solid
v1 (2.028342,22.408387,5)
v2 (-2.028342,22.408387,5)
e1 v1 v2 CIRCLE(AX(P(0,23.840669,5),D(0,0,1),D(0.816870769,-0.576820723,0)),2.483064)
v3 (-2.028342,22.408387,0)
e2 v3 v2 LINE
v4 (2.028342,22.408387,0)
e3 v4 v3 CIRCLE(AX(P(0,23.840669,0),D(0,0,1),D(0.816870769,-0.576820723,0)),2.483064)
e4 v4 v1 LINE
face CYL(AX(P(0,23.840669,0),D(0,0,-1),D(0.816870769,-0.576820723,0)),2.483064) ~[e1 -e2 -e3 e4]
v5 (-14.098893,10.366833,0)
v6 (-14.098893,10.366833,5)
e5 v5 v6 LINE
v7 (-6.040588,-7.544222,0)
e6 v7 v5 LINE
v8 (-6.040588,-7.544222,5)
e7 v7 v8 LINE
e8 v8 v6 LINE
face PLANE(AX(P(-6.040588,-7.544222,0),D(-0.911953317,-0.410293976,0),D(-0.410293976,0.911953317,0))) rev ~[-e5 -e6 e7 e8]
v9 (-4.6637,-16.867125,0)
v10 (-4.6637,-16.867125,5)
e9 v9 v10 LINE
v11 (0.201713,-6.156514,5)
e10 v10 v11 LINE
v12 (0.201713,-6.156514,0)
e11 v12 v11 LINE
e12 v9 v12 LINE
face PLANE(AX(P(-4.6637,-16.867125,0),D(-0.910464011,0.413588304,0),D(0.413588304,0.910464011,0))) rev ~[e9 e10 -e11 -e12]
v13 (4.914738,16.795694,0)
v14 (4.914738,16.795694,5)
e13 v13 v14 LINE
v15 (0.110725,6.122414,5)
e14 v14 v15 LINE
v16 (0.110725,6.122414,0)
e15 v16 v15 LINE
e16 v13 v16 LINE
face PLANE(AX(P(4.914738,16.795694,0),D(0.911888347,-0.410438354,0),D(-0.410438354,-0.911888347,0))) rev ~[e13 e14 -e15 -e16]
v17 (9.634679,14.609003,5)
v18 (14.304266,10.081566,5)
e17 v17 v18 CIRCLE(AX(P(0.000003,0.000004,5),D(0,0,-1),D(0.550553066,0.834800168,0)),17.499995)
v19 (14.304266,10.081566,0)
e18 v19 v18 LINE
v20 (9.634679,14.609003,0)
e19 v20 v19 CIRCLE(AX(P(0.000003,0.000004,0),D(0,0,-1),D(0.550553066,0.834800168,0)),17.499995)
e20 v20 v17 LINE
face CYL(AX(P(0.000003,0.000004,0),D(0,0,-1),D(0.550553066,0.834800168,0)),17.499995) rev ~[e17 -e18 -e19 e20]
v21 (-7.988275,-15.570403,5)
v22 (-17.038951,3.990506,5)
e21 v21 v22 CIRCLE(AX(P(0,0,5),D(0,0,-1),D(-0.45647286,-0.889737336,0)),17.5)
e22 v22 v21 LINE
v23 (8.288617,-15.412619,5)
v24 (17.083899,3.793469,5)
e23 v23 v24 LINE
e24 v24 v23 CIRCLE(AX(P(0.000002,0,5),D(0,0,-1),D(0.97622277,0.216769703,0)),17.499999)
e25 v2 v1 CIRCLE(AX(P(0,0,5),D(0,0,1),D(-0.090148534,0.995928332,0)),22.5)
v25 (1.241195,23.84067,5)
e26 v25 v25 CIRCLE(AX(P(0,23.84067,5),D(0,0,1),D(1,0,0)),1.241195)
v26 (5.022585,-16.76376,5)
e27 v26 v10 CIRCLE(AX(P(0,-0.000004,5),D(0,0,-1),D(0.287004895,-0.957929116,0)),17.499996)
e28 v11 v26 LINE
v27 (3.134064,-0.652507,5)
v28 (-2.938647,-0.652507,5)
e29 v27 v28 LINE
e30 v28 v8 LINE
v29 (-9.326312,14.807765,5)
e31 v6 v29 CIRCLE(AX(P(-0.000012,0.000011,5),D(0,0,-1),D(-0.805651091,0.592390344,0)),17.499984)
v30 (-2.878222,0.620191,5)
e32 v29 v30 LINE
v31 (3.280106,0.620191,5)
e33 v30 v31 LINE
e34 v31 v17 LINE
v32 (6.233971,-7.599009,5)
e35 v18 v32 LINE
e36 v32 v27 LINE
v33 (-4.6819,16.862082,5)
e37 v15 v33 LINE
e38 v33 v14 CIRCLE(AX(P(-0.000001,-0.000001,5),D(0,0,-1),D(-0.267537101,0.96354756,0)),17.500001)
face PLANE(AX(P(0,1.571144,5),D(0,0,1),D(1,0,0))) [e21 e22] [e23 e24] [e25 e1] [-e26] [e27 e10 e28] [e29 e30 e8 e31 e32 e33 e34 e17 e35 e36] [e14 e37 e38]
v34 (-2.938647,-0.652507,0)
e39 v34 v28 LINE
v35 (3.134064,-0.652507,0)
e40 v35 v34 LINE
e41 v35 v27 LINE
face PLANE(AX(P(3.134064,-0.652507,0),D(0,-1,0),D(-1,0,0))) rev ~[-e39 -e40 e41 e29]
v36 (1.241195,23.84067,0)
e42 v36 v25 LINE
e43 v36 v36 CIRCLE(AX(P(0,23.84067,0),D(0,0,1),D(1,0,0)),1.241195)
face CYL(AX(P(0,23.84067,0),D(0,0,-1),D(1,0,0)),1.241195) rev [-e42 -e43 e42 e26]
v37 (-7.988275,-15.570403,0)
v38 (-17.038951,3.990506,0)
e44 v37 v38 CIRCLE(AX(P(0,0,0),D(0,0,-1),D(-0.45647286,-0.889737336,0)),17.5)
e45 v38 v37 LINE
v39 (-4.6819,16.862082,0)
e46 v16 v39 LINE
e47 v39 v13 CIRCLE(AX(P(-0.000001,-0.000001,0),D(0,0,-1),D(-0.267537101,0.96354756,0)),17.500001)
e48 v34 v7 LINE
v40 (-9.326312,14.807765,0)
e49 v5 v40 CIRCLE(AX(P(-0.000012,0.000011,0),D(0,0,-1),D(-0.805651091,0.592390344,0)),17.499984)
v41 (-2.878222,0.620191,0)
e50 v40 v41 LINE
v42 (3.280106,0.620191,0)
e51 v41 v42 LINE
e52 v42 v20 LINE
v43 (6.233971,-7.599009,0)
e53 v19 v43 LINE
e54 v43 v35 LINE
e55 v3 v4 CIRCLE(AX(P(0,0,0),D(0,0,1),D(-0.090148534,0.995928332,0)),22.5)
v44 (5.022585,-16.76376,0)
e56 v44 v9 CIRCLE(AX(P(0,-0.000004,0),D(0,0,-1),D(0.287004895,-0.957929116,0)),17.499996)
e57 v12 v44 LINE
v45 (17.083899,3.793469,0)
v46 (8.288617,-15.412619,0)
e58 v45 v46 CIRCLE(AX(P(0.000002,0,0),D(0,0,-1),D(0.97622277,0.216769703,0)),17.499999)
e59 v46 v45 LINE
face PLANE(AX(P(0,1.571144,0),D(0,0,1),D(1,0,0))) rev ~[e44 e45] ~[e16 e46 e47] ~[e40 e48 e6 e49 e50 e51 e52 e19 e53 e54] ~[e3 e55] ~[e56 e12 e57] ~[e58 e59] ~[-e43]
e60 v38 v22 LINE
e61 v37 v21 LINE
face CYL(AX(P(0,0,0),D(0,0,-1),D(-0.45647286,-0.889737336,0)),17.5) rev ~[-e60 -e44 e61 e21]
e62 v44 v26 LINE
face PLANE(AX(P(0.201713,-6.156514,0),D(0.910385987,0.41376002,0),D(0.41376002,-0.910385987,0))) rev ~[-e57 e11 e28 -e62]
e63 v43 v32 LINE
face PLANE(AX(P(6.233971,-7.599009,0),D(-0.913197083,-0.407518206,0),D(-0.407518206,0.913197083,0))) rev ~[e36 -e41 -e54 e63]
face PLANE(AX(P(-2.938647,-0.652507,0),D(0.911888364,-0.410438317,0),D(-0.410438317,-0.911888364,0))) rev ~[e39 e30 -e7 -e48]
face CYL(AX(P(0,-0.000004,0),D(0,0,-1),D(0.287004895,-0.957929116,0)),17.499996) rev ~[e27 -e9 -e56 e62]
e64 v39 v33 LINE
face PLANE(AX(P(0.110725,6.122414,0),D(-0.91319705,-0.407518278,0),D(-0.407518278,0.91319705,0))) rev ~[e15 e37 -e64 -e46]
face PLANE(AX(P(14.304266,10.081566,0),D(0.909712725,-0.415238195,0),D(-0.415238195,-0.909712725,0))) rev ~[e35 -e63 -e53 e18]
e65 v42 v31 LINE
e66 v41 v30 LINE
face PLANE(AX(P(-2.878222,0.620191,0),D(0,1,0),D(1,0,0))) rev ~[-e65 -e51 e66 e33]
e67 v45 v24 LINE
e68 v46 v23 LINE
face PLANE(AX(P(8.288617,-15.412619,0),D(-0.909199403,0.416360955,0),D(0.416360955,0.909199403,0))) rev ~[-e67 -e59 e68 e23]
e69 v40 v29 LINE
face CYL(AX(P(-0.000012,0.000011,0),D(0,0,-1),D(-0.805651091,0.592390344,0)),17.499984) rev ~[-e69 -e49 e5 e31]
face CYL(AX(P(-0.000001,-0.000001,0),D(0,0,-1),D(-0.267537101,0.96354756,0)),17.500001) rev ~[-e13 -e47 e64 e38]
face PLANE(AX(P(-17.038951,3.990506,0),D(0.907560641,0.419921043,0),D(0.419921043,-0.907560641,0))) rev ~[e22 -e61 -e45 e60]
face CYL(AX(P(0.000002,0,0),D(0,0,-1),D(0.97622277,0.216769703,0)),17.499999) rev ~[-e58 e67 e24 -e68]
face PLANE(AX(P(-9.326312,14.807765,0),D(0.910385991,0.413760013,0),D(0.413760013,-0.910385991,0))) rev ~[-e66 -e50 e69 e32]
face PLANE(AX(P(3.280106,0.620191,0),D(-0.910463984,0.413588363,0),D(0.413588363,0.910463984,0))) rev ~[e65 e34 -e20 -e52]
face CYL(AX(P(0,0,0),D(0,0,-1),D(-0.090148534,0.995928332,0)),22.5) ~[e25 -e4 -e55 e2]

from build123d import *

# Parameters (mm, degrees)
F0_R     = 1.241195
F1_DEPTH = 5


with BuildPart() as f1:
    # F0 (on Top) → F1 (new body)
    with BuildSketch(Plane.XY):
        with BuildLine():
            ThreePointArc((2.028342, 22.408387), (0, 26.323733), (-2.028342, 22.408387))
            ThreePointArc((-2.028342, 22.408387), (0, -22.5), (2.028342, 22.408387))
        make_face()
        with BuildLine():
            ThreePointArc((-7.988275, -15.570403), (-15.882311, -7.348618), (-17.038951, 3.990506))
            Line((-17.038951, 3.990506), (-7.988275, -15.570403))
        make_face(mode=Mode.SUBTRACT)
        with BuildLine():
            ThreePointArc((5.022585, -16.76376), (0.186737, -17.499004), (-4.6637, -16.867125))
            Line((-4.6637, -16.867125), (0.201713, -6.156514))
            Line((0.201713, -6.156514), (5.022585, -16.76376))
        make_face(mode=Mode.SUBTRACT)
        with BuildLine():
            Line((8.288617, -15.412619), (17.083899, 3.793469))
            ThreePointArc((17.083899, 3.793469), (15.91099, -7.286317), (8.288617, -15.412619))
        make_face(mode=Mode.SUBTRACT)
        with BuildLine():
            Line((3.280106, 0.620191), (9.634679, 14.609003))
            ThreePointArc((9.634679, 14.609003), (12.181654, 12.564128), (14.304266, 10.081566))
            Line((14.304266, 10.081566), (6.233971, -7.599009))
            Line((6.233971, -7.599009), (3.134064, -0.652507))
            Line((3.134064, -0.652507), (-2.938647, -0.652507))
            Line((-2.938647, -0.652507), (-6.040588, -7.544222))
            Line((-6.040588, -7.544222), (-14.098893, 10.366833))
            ThreePointArc((-14.098893, 10.366833), (-11.921222, 12.811498), (-9.326312, 14.807765))
            Line((-9.326312, 14.807765), (-2.878222, 0.620191))
            Line((-2.878222, 0.620191), (3.280106, 0.620191))
        make_face(mode=Mode.SUBTRACT)
        with BuildLine():
            ThreePointArc((-4.6819, 16.862082), (0.121059, 17.499581), (4.914738, 16.795694))
            Line((4.914738, 16.795694), (0.110725, 6.122414))
            Line((0.110725, 6.122414), (-4.6819, 16.862082))
        make_face(mode=Mode.SUBTRACT)
        with Locations((0, 23.84067)):
            Circle(F0_R, mode=Mode.SUBTRACT)
    extrude(amount=F1_DEPTH)


solid = f1.part
